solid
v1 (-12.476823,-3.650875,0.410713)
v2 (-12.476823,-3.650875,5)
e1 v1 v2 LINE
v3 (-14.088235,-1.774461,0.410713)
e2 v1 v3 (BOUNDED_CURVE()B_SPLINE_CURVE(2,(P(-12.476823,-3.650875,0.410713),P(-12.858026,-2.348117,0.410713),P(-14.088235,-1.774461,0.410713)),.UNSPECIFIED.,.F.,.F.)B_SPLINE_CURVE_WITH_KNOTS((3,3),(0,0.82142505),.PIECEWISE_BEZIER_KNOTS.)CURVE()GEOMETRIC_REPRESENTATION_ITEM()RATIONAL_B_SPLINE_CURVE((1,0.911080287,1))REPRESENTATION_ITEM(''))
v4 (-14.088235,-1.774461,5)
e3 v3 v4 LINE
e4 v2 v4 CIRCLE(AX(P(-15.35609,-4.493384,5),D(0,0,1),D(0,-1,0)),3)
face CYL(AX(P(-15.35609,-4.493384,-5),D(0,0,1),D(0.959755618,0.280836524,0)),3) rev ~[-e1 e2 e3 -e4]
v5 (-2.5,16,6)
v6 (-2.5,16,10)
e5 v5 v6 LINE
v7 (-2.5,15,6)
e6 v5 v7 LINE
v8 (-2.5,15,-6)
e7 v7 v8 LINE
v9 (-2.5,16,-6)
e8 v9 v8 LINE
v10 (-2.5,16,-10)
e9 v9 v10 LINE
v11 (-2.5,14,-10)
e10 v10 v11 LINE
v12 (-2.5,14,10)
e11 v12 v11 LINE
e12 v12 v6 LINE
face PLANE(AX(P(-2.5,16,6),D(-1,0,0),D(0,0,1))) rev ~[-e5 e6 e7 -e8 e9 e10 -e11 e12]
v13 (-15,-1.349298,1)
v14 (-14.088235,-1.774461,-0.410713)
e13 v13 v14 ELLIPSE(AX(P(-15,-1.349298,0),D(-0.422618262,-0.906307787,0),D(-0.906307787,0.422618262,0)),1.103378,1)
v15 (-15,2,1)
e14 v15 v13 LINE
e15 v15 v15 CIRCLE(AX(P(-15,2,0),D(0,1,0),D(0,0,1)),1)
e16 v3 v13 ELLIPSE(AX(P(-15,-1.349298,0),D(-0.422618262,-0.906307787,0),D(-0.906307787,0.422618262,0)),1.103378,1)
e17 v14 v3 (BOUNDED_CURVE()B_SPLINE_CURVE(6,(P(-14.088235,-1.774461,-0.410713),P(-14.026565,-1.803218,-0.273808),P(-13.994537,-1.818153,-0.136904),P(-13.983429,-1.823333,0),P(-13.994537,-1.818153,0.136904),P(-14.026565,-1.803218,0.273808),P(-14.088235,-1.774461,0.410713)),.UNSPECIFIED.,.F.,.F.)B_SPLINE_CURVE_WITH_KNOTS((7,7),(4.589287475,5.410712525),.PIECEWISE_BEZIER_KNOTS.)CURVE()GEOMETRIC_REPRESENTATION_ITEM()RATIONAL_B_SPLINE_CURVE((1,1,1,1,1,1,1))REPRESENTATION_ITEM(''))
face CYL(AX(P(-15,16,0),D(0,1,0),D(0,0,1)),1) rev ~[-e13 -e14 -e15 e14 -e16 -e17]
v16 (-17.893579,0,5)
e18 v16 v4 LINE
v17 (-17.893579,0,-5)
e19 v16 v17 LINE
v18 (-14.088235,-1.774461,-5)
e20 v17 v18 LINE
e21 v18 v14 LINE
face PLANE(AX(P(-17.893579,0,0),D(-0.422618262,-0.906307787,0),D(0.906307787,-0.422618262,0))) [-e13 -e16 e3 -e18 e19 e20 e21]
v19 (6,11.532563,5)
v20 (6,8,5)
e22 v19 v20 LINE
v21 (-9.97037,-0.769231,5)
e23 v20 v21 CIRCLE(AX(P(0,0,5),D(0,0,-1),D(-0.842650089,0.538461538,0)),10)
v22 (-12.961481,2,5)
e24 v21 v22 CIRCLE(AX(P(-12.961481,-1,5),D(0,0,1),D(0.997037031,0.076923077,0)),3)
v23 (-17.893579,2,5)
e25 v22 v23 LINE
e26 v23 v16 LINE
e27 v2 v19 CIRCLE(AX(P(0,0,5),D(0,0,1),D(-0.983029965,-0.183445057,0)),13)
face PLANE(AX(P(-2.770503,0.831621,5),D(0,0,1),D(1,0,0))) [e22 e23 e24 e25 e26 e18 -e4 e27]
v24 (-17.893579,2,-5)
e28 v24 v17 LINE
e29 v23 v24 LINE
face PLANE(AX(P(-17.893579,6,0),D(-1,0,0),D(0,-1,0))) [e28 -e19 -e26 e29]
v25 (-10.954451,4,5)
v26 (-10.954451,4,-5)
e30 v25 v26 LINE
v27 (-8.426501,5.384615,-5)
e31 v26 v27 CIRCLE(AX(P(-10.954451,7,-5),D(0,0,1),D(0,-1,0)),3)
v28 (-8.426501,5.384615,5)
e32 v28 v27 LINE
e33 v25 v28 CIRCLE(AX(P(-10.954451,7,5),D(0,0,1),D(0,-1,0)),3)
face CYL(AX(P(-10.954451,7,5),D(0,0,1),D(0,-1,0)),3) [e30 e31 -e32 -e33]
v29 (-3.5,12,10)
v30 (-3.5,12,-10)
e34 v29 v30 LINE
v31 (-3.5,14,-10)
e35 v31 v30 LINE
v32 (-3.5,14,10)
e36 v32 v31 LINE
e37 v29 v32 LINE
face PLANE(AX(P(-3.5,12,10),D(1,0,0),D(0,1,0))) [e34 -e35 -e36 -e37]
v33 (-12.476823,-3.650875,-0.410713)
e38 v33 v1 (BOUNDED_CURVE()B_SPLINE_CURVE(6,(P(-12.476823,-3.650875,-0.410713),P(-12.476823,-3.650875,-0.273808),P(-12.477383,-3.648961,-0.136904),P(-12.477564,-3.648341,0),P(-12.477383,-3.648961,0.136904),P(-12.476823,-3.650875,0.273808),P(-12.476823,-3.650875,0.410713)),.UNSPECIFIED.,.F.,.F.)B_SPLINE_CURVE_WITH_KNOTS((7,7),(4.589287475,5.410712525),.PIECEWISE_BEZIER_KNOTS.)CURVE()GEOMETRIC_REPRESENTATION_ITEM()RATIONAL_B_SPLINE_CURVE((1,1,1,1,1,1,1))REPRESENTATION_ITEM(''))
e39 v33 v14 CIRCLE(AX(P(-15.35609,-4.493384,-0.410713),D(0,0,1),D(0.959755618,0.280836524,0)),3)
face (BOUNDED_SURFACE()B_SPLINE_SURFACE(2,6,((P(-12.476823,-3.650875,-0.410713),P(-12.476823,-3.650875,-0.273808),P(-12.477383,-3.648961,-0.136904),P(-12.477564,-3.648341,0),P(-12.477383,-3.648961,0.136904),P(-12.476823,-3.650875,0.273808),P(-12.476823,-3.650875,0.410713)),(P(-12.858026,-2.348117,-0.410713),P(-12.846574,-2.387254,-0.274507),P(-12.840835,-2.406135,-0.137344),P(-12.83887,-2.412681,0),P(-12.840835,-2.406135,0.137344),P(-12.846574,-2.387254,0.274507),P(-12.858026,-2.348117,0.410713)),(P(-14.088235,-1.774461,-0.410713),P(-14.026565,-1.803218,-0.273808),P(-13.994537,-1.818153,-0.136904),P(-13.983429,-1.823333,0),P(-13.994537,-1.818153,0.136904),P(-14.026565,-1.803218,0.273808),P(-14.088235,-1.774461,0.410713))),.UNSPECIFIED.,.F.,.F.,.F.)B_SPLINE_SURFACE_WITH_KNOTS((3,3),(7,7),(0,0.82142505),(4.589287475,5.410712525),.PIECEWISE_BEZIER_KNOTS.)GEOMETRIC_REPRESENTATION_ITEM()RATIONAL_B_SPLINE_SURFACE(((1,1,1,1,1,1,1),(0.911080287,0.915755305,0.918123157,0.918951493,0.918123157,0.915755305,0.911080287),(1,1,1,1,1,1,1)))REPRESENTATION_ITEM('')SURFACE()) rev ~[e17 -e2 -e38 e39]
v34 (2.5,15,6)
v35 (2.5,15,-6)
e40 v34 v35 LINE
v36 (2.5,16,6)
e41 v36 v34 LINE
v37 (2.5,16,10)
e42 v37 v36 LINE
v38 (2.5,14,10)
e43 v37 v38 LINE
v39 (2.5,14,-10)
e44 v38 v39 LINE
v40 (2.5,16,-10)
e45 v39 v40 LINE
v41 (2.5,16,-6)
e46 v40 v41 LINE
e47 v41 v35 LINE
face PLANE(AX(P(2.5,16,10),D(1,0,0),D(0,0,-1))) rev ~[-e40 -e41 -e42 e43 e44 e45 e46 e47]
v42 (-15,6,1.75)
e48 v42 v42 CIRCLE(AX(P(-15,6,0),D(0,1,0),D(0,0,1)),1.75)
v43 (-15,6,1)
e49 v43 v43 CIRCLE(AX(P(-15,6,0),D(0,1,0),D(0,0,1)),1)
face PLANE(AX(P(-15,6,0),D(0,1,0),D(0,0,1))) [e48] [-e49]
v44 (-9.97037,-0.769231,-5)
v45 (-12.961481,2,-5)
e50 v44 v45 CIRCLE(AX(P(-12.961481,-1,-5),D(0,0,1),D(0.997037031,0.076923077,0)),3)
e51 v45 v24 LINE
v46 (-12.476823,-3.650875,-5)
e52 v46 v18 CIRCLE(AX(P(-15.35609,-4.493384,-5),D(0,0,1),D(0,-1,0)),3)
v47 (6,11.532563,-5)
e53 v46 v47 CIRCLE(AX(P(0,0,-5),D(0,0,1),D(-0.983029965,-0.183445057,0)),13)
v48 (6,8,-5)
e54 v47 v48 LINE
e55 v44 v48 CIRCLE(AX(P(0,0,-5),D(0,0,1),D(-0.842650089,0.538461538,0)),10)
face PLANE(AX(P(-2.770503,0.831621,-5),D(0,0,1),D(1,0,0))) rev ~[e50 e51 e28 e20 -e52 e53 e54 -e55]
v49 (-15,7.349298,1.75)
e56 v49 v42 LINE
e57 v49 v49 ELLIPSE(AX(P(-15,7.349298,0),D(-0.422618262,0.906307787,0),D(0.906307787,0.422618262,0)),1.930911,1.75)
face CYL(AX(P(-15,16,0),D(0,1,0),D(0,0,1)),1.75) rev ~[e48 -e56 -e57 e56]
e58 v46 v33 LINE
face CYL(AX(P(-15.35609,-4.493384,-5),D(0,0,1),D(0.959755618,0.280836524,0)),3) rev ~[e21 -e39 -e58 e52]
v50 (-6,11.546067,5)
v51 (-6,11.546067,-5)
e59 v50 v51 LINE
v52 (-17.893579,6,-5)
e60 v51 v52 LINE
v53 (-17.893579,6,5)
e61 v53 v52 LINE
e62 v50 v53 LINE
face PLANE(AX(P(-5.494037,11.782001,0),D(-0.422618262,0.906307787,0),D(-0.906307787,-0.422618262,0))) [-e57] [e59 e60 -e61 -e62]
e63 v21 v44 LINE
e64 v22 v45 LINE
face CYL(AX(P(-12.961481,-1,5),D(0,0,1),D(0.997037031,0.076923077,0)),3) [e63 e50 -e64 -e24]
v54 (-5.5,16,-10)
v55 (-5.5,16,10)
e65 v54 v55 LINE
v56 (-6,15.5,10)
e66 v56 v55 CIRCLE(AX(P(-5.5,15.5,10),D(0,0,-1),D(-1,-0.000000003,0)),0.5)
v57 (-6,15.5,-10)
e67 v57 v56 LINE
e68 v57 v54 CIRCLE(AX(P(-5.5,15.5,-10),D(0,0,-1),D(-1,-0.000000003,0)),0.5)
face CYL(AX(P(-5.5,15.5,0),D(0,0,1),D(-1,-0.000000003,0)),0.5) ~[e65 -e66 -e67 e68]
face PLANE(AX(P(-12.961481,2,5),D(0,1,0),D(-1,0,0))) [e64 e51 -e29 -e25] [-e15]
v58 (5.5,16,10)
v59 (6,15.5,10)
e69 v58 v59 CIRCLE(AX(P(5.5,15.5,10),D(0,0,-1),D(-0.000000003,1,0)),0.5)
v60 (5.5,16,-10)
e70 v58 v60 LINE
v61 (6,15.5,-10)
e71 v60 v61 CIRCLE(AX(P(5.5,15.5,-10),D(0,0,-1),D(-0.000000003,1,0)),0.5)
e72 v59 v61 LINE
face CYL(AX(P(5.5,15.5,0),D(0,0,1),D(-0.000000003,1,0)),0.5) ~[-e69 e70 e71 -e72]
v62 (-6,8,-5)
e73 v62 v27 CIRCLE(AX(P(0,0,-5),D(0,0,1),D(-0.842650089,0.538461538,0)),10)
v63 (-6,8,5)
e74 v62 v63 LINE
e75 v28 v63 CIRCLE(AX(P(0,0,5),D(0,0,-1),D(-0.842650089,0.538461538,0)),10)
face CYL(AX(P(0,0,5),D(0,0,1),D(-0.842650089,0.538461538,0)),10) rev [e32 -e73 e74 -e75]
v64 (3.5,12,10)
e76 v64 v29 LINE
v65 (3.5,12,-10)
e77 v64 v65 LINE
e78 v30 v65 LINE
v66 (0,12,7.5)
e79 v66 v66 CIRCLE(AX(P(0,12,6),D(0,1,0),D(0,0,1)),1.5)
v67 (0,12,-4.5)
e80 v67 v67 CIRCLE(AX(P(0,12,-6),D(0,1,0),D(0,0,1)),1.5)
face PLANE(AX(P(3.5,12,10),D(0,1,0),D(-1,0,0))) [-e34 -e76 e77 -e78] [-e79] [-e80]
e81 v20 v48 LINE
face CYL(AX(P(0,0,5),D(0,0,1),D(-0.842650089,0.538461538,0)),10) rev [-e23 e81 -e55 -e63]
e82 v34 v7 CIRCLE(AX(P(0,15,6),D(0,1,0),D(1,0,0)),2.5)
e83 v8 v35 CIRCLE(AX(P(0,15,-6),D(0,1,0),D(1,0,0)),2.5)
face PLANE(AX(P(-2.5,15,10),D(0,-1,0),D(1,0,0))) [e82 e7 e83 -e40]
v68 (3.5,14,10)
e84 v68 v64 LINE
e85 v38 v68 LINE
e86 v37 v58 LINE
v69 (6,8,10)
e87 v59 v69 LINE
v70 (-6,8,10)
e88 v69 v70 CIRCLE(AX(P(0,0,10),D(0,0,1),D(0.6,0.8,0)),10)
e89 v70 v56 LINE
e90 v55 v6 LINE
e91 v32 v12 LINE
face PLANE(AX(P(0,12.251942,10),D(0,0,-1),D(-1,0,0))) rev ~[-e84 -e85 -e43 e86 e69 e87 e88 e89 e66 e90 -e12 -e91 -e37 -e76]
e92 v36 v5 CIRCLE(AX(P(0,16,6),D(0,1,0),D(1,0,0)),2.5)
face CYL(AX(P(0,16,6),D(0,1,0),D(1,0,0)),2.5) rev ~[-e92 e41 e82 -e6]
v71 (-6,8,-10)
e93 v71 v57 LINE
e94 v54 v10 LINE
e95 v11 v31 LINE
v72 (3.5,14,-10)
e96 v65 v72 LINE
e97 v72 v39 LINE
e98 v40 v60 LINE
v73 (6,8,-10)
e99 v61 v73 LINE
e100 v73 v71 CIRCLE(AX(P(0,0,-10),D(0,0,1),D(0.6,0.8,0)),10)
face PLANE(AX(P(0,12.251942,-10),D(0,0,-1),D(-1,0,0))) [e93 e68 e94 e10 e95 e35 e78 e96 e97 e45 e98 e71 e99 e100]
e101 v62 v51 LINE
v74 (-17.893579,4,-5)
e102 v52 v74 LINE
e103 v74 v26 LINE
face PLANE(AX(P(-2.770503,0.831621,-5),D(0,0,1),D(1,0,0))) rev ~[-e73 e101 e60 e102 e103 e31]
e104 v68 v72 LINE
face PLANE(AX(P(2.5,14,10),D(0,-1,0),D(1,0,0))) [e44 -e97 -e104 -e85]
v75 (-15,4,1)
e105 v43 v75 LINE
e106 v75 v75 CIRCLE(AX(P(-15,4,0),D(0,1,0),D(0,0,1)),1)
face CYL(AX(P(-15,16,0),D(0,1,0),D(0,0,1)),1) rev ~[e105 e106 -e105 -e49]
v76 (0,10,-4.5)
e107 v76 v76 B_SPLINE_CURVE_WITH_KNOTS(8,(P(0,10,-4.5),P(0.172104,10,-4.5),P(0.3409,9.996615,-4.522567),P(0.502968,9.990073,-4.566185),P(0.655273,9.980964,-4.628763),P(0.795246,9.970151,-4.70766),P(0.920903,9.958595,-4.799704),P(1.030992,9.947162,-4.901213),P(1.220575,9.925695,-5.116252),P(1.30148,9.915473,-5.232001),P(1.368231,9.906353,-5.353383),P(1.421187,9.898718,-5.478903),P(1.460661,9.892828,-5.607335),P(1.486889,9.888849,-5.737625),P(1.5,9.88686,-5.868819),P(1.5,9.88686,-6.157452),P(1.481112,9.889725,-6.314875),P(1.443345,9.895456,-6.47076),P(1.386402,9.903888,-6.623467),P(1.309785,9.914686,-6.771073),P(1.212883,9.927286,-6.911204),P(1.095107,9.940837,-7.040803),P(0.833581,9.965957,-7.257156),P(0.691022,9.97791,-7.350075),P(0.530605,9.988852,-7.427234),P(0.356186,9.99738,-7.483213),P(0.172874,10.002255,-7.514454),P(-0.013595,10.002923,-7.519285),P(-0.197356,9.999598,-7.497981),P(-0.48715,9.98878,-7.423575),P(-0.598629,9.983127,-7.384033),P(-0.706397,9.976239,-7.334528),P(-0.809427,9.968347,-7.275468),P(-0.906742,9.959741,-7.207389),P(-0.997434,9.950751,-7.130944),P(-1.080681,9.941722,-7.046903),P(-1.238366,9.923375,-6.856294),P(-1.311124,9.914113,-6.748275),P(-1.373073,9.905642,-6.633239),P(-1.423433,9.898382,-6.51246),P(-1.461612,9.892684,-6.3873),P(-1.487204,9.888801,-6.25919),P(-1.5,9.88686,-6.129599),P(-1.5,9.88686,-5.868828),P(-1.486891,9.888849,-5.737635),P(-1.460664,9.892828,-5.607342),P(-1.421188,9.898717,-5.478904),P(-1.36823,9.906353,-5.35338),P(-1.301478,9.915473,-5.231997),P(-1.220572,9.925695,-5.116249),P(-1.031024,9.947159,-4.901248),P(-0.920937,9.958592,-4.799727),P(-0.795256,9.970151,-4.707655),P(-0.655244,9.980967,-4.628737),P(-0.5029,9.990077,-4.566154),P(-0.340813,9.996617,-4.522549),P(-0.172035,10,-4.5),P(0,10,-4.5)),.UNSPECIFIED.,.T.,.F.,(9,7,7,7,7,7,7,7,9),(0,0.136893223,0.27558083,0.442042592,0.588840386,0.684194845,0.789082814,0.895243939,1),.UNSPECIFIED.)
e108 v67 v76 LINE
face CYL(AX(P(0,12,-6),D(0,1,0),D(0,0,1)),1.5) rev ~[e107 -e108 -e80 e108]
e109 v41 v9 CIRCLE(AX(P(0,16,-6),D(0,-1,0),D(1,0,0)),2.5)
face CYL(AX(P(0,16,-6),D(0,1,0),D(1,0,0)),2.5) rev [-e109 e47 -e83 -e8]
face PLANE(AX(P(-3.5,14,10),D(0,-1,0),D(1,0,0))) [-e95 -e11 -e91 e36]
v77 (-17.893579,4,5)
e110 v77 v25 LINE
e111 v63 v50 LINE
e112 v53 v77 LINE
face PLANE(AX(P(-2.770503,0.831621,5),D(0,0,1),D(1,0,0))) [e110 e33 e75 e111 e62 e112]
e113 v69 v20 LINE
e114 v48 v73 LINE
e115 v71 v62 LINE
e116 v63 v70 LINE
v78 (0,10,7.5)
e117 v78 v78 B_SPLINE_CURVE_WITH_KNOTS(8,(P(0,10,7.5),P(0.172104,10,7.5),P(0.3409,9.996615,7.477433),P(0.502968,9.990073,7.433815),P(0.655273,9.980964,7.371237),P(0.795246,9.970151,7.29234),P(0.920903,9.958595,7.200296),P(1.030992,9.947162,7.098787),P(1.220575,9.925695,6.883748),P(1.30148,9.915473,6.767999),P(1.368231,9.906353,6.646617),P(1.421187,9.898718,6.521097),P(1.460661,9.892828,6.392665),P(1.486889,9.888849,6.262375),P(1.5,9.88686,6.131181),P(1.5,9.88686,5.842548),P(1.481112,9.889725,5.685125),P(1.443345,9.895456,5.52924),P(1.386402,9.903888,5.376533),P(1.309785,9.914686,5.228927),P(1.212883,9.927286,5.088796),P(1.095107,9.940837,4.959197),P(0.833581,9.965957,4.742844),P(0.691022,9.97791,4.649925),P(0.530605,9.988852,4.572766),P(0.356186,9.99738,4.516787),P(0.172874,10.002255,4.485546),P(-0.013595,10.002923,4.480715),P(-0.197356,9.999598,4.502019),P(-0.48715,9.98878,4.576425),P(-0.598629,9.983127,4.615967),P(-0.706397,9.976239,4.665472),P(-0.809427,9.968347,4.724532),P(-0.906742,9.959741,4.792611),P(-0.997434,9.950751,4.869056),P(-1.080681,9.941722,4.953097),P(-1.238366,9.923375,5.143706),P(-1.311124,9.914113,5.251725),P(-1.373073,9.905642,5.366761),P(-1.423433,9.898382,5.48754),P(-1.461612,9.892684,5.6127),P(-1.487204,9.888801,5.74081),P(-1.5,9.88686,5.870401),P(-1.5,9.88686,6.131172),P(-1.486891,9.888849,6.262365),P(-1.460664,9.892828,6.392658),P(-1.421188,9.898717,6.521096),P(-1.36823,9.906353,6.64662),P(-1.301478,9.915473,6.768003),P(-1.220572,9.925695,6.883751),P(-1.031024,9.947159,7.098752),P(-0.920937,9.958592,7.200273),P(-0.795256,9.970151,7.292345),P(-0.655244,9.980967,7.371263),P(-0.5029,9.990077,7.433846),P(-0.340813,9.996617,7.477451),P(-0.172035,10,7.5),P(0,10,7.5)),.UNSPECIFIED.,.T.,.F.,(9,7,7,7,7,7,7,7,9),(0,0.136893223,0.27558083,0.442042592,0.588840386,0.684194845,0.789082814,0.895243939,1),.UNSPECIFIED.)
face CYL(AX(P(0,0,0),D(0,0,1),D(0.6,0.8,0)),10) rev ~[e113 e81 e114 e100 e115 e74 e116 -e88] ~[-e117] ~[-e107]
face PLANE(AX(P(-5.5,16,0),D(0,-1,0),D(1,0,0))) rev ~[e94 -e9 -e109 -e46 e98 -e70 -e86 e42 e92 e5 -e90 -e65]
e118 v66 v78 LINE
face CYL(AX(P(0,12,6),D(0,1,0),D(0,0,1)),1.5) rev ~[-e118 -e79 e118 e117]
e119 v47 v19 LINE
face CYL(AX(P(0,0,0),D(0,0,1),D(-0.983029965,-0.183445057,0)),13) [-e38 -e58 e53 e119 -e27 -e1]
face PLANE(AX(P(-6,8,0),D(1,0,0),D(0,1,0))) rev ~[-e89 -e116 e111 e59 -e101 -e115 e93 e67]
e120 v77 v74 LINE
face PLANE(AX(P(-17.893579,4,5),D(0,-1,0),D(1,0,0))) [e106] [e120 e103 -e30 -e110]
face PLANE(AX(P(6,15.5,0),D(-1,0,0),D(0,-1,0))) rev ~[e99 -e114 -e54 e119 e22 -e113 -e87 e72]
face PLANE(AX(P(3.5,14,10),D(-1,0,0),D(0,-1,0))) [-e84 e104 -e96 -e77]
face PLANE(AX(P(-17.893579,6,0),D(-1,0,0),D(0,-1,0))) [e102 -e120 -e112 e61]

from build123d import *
from build123d.topology import SkipClean

# Parameters (mm, degrees)
BOSS_EXTRUDE1_DEPTH     = 5
CUT_EXTRUDE1_DEPTH      = 11
BOSS_EXTRUDE2_DEPTH     = 10
CUT_EXTRUDE2_DEPTH      = 21
CUT_EXTRUDE3_REACH      = 31
CUT_EXTRUDE4_REACH      = 27
CUT_EXTRUDE4_END_RADIUS = 10
SKETCH6_R               = 1.5
SKETCH9_R               = 1.75
CUT_EXTRUDE7_DEPTH      = 10
SKETCH10_R              = 1
CUT_EXTRUDE6_DEPTH      = 30
FILLET9_R               = 3


with BuildPart() as part:
    # Sketch1 → Boss-Extrude1 (new body, symmetric)
    with BuildSketch(Plane.XY):
        with BuildLine():
            Line((-17.893579058, 0), (-12.779389539, -2.384785738))
            ThreePointArc((-12.779389539, -2.384785738), (11.560882159, -5.945250516), (-5.494037403, 11.782001231))
            Line((-5.494037403, 11.782001231), (-17.893579058, 6))
            Line((-17.893579058, 6), (-17.893579058, 0))
        make_face()
    extrude(amount=BOSS_EXTRUDE1_DEPTH, both=True)

    # Sketch2 → Cut-Extrude1 (cut, through all)
    with BuildSketch(Plane.XY.offset(5)):
        with BuildLine():
            Line((-17.893579058, 4), (-10.95445115, 4))
            ThreePointArc((-10.95445115, 4), (-9.513297766, 4.368825942), (-8.426500885, 5.384615385))
            ThreePointArc((-8.426500885, 5.384615385), (9.699416117, -2.43337769), (-9.970370305, -0.769230769))
            ThreePointArc((-9.970370305, -0.769230769), (-10.923382735, 1.201398157), (-12.961481397, 2))
            Line((-12.961481397, 2), (-17.893579058, 2))
            Line((-17.893579058, 2), (-17.893579058, 4))
        make_face()
    extrude(amount=-CUT_EXTRUDE1_DEPTH, mode=Mode.SUBTRACT)

    # Sketch3 → Boss-Extrude2 (add, symmetric)
    with SkipClean():  # keep this step's faces unmerged: merging them makes the solid invalid here
        with BuildSketch(Plane.XY):
            with BuildLine():
                Line((-5.5, 16), (5.5, 16))
                ThreePointArc((5.5, 16), (5.853553391, 15.853553391), (6, 15.5))
                Line((6, 15.5), (6, 8))
                ThreePointArc((6, 8), (0, 10), (-6, 8))
                Line((-6, 8), (-6, 15.5))
                ThreePointArc((-6, 15.5), (-5.853553391, 15.853553391), (-5.5, 16))
            make_face()
        extrude(amount=BOSS_EXTRUDE2_DEPTH, both=True)

    # Sketch4 → Cut-Extrude2 (cut, through all)
    with SkipClean():  # keep this step's faces unmerged: merging them makes the solid invalid here
        with BuildSketch(Plane.XY.offset(10)):
            Polygon((-2.5, 15), (2.5, 15), (2.5, 14), (3.5, 14), (3.5, 12), (-3.5, 12), (-3.5, 14), (-2.5, 14), align=None)
        extrude(amount=-CUT_EXTRUDE2_DEPTH, mode=Mode.SUBTRACT)

    # Sketch5 → Cut-Extrude3 (cut, up to next)
    with BuildSketch(Plane(origin=(0, 16, 0), x_dir=(1, 0, 0), z_dir=(0, 1, 0)), mode=Mode.PRIVATE) as cut_extrude3_sk1:
        with BuildLine():
            Line((-2.5, 6), (-2.5, 10))
            Line((-2.5, 10), (2.5, 10))
            Line((2.5, 10), (2.5, 6))
            ThreePointArc((2.5, 6), (0, 3.5), (-2.5, 6))
        make_face()
    cut_extrude3_tool1 = extrude(cut_extrude3_sk1.sketch, amount=-CUT_EXTRUDE3_REACH, mode=Mode.PRIVATE) & part.part
    add(cut_extrude3_tool1.solids().sort_by_distance((0, 16, -6.992147))[0], mode=Mode.SUBTRACT)
    # Sketch5 → Cut-Extrude3 (cut, up to next)
    with BuildSketch(Plane(origin=(0, 16, 0), x_dir=(1, 0, 0), z_dir=(0, 1, 0)), mode=Mode.PRIVATE) as cut_extrude3_sk2:
        with BuildLine():
            Line((2.5, -10), (2.5, -6))
            ThreePointArc((2.5, -6), (0, -3.5), (-2.5, -6))
            Line((-2.5, -6), (-2.5, -10))
            Line((-2.5, -10), (2.5, -10))
        make_face()
    cut_extrude3_tool2 = extrude(cut_extrude3_sk2.sketch, amount=-CUT_EXTRUDE3_REACH, mode=Mode.PRIVATE) & part.part
    add(cut_extrude3_tool2.solids().sort_by_distance((0, 16, 6.992147))[0], mode=Mode.SUBTRACT)

    # Cut-Extrude4: up to this cylinder (the profile starts outside it)
    cut_extrude4_end = Plane(origin=(0, 0, 0), z_dir=(0, 0, 1)) * Cylinder(CUT_EXTRUDE4_END_RADIUS, 87, mode=Mode.PRIVATE)
    # Sketch6 → Cut-Extrude4 (cut, up to the surface)
    with BuildSketch(Plane(origin=(0, 12, 0), x_dir=(1, 0, 0), z_dir=(0, 1, 0)), mode=Mode.PRIVATE) as cut_extrude4_sk1:
        with Locations(Location((0, 6, 0), (0, 0, 270))):  # turned: the seam where the file's is
            Circle(SKETCH6_R)
    cut_extrude4_tool1 = extrude(cut_extrude4_sk1.sketch, amount=-CUT_EXTRUDE4_REACH, mode=Mode.PRIVATE) - cut_extrude4_end
    add(cut_extrude4_tool1.solids().sort_by_distance((0, 12, -6))[0], mode=Mode.SUBTRACT)
    # Sketch6 → Cut-Extrude4 (cut, up to the surface)
    with BuildSketch(Plane(origin=(0, 12, 0), x_dir=(1, 0, 0), z_dir=(0, 1, 0)), mode=Mode.PRIVATE) as cut_extrude4_sk2:
        with Locations(Location((0, -6, 0), (0, 0, 270))):  # turned: the seam where the file's is
            Circle(SKETCH6_R)
    cut_extrude4_tool2 = extrude(cut_extrude4_sk2.sketch, amount=-CUT_EXTRUDE4_REACH, mode=Mode.PRIVATE) - cut_extrude4_end
    add(cut_extrude4_tool2.solids().sort_by_distance((0, 12, 6))[0], mode=Mode.SUBTRACT)

    # Sketch9 → Cut-Extrude7 (cut)
    with BuildSketch(Plane(origin=(0, 16, 0), x_dir=(1, 0, 0), z_dir=(0, 1, 0))):
        with Locations(Location((-15, 0, 0), (0, 0, 270))):  # turned: the seam where the file's is
            Circle(SKETCH9_R)
    extrude(amount=-CUT_EXTRUDE7_DEPTH, mode=Mode.SUBTRACT)

    # Sketch10 → Cut-Extrude6 (cut, through all)
    with BuildSketch(Plane(origin=(0, 16, 0), x_dir=(1, 0, 0), z_dir=(0, 1, 0))):
        with Locations(Location((-15, 0, 0), (0, 0, 270))):  # turned: the seam where the file's is
            Circle(SKETCH10_R)
    extrude(amount=-CUT_EXTRUDE6_DEPTH, mode=Mode.SUBTRACT)

    # Fillet9
    fillet9_edges = [part.edges().sort_by_distance(p)[0] for p in [
        (-12.779389539, -2.384785738, 0),
    ]]
    fillet(fillet9_edges, radius=FILLET9_R)


solid = part.part
